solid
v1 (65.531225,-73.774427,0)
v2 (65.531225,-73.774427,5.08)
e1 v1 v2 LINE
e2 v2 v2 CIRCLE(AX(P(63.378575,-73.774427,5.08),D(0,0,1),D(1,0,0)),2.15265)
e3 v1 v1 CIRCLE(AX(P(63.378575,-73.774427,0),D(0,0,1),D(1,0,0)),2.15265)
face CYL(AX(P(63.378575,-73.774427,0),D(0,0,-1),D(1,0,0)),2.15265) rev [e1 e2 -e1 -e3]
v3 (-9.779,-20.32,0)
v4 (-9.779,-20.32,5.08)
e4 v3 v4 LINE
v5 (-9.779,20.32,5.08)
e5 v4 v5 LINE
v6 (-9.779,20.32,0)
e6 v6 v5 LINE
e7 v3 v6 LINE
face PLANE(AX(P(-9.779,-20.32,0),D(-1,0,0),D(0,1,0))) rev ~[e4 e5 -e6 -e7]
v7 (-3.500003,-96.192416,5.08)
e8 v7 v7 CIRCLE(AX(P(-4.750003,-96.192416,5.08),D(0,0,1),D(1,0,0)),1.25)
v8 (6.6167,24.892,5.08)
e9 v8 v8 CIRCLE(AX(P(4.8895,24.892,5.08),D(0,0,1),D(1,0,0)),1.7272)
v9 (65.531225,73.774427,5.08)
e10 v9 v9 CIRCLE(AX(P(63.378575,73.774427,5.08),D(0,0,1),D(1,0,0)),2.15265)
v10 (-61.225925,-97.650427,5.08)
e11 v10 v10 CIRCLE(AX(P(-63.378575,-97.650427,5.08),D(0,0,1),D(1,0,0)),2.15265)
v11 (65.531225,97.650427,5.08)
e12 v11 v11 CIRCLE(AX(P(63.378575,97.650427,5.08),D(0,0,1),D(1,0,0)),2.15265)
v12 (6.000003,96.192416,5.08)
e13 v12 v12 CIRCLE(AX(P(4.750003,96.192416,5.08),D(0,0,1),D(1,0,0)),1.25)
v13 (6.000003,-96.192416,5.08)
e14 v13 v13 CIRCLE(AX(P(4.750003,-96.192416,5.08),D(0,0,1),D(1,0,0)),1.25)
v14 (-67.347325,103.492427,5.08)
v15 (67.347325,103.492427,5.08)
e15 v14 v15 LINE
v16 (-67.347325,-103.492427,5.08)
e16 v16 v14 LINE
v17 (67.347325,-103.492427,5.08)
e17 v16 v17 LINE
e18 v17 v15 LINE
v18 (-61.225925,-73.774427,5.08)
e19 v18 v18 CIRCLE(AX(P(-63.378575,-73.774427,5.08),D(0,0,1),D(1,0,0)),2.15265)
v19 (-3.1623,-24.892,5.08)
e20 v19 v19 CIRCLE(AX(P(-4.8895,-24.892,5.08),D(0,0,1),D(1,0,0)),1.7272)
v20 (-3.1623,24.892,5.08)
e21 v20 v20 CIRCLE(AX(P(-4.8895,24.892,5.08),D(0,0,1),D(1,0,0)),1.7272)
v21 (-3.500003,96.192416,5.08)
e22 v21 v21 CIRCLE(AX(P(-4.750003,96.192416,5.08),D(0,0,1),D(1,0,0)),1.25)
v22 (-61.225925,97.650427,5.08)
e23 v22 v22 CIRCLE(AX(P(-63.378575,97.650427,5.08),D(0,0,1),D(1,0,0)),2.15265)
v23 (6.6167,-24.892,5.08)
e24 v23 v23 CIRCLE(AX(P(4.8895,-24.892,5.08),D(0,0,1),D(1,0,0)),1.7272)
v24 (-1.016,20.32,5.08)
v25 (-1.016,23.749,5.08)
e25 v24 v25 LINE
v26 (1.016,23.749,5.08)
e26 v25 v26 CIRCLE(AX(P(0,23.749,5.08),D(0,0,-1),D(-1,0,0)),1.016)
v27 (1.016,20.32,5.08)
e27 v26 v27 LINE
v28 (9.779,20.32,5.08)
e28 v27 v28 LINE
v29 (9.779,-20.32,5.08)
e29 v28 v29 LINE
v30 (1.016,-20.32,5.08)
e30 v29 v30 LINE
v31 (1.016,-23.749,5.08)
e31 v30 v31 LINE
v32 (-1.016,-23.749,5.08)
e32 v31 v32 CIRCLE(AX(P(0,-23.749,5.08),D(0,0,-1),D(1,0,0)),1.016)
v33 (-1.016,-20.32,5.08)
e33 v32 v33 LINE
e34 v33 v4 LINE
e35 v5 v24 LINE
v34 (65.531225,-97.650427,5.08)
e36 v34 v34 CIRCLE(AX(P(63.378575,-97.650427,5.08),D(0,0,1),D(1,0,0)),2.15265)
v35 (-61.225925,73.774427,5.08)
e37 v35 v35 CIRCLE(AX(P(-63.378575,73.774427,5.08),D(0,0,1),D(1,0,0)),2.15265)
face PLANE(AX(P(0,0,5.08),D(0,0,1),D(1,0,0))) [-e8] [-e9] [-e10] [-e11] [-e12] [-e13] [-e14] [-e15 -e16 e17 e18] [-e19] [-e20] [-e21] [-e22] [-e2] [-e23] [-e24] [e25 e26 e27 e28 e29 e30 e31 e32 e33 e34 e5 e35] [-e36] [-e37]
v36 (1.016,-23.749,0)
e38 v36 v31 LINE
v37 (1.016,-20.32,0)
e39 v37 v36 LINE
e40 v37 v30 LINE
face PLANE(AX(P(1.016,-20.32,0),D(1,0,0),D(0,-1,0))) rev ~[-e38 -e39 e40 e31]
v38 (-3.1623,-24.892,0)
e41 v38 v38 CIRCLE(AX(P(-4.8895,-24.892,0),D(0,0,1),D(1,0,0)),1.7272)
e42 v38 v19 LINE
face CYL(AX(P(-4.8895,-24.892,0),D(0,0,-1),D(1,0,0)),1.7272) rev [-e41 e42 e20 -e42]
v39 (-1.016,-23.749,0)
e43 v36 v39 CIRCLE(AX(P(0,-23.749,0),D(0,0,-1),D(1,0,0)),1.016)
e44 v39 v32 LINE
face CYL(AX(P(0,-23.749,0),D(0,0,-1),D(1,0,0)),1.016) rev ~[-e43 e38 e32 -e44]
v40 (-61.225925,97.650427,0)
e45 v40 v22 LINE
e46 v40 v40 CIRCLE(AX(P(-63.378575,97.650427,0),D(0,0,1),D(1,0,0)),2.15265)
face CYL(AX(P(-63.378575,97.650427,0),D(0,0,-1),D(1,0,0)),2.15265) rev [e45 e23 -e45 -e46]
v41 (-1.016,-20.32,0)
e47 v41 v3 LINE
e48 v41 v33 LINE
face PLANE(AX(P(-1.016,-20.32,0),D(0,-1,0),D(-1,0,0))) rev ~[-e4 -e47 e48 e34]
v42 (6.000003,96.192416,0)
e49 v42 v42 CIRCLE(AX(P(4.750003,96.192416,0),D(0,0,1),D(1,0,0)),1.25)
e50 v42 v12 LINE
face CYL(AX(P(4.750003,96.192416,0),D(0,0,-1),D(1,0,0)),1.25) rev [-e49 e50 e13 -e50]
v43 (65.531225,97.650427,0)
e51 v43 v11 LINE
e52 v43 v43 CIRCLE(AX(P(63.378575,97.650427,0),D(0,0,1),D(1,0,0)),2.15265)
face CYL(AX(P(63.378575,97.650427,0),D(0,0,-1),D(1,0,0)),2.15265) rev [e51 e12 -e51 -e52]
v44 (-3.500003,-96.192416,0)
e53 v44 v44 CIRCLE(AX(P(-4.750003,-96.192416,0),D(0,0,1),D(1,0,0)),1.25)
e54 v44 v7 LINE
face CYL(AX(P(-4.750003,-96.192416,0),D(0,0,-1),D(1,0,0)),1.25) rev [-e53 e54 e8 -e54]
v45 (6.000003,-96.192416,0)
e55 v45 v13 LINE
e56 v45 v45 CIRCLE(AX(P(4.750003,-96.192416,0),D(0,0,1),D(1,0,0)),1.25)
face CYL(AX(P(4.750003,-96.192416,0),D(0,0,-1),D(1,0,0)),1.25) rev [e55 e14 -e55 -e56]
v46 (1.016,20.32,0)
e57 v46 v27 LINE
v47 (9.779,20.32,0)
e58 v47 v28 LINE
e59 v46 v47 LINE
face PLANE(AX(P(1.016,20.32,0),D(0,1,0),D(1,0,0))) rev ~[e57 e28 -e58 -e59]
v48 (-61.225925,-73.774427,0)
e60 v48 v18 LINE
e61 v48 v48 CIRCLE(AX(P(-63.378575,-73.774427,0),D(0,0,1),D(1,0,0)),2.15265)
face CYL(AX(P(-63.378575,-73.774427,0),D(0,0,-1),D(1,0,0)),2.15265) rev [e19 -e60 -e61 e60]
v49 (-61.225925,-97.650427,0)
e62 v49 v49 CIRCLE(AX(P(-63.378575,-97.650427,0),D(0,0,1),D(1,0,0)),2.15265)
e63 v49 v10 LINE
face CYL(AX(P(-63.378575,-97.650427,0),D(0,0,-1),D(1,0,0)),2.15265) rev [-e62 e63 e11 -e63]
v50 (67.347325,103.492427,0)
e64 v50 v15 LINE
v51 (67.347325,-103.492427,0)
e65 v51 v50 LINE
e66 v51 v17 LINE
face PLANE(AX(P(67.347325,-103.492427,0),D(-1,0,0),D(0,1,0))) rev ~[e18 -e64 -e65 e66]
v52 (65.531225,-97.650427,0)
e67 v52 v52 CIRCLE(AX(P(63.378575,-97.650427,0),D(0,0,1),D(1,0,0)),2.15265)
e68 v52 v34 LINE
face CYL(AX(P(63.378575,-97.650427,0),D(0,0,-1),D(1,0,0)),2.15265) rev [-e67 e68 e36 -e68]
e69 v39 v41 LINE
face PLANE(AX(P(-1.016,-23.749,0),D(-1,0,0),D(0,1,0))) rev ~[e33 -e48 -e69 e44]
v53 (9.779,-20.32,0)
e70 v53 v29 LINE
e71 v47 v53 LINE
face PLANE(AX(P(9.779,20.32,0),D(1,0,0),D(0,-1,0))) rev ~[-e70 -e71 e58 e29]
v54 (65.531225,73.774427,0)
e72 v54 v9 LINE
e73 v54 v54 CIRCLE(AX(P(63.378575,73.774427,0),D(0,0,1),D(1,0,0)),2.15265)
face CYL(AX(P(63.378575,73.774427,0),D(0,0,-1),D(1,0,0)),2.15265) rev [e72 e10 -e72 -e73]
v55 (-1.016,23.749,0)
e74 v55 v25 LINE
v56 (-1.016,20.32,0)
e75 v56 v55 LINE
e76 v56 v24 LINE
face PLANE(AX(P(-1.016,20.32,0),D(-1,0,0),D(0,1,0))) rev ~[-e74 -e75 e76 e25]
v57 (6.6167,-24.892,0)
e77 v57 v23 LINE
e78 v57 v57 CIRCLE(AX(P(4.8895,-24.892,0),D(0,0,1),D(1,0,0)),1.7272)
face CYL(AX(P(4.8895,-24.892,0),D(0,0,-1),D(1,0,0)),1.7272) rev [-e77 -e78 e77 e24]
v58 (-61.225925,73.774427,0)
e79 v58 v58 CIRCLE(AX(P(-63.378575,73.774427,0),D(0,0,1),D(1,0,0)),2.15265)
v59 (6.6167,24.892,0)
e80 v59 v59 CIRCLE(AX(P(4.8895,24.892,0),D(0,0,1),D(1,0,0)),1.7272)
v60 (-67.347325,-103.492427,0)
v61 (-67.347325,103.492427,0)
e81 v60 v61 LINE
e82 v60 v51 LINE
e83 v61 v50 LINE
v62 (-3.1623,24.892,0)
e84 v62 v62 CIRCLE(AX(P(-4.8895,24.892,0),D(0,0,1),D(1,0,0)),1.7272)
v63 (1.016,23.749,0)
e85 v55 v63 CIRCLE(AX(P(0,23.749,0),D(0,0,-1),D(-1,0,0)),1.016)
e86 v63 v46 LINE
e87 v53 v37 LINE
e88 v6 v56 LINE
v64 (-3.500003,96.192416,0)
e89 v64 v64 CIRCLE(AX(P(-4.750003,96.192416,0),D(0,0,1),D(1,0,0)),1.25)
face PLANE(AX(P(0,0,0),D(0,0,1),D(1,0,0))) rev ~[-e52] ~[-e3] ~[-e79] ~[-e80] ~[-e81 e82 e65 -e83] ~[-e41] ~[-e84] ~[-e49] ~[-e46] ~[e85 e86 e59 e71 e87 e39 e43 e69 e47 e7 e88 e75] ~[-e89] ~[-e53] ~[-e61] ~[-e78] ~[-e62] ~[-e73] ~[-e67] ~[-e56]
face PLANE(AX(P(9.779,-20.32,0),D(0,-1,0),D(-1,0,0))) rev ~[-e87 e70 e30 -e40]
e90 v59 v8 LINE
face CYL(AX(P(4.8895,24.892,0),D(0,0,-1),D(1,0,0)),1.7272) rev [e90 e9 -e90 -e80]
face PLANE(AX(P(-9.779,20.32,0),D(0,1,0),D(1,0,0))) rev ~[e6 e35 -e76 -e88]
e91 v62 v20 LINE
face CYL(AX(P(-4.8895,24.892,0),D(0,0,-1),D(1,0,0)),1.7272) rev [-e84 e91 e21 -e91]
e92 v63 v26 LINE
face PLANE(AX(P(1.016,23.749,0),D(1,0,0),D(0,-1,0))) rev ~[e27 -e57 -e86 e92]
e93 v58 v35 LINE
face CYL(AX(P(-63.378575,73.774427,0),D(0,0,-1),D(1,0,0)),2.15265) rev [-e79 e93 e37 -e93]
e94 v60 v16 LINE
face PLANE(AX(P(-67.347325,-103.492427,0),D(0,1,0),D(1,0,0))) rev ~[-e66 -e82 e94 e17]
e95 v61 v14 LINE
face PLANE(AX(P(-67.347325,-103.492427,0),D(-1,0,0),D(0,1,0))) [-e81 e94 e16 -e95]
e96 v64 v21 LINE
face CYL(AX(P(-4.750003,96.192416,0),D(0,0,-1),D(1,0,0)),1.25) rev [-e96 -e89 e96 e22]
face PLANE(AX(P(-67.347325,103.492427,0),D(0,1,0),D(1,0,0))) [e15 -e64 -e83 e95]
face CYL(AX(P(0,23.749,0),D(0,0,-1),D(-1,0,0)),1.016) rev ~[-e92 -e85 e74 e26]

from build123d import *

# Parameters (mm, degrees)
F0_W     = 134.69465
F0_H     = 206.984854
F0_R     = 2.15265
F0_R_2   = 1.25
F0_R_3   = 1.7272
F1_DEPTH = 5.08


with BuildPart() as f1:
    # F0 (on Top) → F1 (new body)
    with BuildSketch(Plane.XY):
        Rectangle(F0_W, F0_H)
        with Locations((-63.378575, -97.650427)):
            Circle(F0_R, mode=Mode.SUBTRACT)
        with Locations((-63.378575, -73.774427)):
            Circle(F0_R, mode=Mode.SUBTRACT)
        with Locations((-4.750003, -96.192416)):
            Circle(F0_R_2, mode=Mode.SUBTRACT)
        with Locations((-4.8895, -24.892)):
            Circle(F0_R_3, mode=Mode.SUBTRACT)
        with Locations((4.750003, -96.192416)):
            Circle(F0_R_2, mode=Mode.SUBTRACT)
        with Locations((63.378575, -97.650427)):
            Circle(F0_R, mode=Mode.SUBTRACT)
        with Locations((63.378575, -73.774427)):
            Circle(F0_R, mode=Mode.SUBTRACT)
        with Locations((4.8895, -24.892)):
            Circle(F0_R_3, mode=Mode.SUBTRACT)
        with BuildLine():
            Line((-1.016, -20.32), (-9.779, -20.32))
            Line((-9.779, -20.32), (-9.779, 20.32))
            Line((-9.779, 20.32), (-1.016, 20.32))
            Line((-1.016, 20.32), (-1.016, 23.749))
            ThreePointArc((-1.016, 23.749), (0, 24.765), (1.016, 23.749))
            Line((1.016, 23.749), (1.016, 20.32))
            Line((1.016, 20.32), (9.779, 20.32))
            Line((9.779, 20.32), (9.779, -20.32))
            Line((9.779, -20.32), (1.016, -20.32))
            Line((1.016, -20.32), (1.016, -23.749))
            ThreePointArc((1.016, -23.749), (0, -24.765), (-1.016, -23.749))
            Line((-1.016, -23.749), (-1.016, -20.32))
        make_face(mode=Mode.SUBTRACT)
        with Locations((-4.8895, 24.892)):
            Circle(F0_R_3, mode=Mode.SUBTRACT)
        with Locations((-63.378575, 73.774427)):
            Circle(F0_R, mode=Mode.SUBTRACT)
        with Locations((-63.378575, 97.650427)):
            Circle(F0_R, mode=Mode.SUBTRACT)
        with Locations((-4.750003, 96.192416)):
            Circle(F0_R_2, mode=Mode.SUBTRACT)
        with Locations((4.8895, 24.892)):
            Circle(F0_R_3, mode=Mode.SUBTRACT)
        with Locations((4.750003, 96.192416)):
            Circle(F0_R_2, mode=Mode.SUBTRACT)
        with Locations((63.378575, 73.774427)):
            Circle(F0_R, mode=Mode.SUBTRACT)
        with Locations((63.378575, 97.650427)):
            Circle(F0_R, mode=Mode.SUBTRACT)
    extrude(amount=F1_DEPTH)


solid = f1.part
